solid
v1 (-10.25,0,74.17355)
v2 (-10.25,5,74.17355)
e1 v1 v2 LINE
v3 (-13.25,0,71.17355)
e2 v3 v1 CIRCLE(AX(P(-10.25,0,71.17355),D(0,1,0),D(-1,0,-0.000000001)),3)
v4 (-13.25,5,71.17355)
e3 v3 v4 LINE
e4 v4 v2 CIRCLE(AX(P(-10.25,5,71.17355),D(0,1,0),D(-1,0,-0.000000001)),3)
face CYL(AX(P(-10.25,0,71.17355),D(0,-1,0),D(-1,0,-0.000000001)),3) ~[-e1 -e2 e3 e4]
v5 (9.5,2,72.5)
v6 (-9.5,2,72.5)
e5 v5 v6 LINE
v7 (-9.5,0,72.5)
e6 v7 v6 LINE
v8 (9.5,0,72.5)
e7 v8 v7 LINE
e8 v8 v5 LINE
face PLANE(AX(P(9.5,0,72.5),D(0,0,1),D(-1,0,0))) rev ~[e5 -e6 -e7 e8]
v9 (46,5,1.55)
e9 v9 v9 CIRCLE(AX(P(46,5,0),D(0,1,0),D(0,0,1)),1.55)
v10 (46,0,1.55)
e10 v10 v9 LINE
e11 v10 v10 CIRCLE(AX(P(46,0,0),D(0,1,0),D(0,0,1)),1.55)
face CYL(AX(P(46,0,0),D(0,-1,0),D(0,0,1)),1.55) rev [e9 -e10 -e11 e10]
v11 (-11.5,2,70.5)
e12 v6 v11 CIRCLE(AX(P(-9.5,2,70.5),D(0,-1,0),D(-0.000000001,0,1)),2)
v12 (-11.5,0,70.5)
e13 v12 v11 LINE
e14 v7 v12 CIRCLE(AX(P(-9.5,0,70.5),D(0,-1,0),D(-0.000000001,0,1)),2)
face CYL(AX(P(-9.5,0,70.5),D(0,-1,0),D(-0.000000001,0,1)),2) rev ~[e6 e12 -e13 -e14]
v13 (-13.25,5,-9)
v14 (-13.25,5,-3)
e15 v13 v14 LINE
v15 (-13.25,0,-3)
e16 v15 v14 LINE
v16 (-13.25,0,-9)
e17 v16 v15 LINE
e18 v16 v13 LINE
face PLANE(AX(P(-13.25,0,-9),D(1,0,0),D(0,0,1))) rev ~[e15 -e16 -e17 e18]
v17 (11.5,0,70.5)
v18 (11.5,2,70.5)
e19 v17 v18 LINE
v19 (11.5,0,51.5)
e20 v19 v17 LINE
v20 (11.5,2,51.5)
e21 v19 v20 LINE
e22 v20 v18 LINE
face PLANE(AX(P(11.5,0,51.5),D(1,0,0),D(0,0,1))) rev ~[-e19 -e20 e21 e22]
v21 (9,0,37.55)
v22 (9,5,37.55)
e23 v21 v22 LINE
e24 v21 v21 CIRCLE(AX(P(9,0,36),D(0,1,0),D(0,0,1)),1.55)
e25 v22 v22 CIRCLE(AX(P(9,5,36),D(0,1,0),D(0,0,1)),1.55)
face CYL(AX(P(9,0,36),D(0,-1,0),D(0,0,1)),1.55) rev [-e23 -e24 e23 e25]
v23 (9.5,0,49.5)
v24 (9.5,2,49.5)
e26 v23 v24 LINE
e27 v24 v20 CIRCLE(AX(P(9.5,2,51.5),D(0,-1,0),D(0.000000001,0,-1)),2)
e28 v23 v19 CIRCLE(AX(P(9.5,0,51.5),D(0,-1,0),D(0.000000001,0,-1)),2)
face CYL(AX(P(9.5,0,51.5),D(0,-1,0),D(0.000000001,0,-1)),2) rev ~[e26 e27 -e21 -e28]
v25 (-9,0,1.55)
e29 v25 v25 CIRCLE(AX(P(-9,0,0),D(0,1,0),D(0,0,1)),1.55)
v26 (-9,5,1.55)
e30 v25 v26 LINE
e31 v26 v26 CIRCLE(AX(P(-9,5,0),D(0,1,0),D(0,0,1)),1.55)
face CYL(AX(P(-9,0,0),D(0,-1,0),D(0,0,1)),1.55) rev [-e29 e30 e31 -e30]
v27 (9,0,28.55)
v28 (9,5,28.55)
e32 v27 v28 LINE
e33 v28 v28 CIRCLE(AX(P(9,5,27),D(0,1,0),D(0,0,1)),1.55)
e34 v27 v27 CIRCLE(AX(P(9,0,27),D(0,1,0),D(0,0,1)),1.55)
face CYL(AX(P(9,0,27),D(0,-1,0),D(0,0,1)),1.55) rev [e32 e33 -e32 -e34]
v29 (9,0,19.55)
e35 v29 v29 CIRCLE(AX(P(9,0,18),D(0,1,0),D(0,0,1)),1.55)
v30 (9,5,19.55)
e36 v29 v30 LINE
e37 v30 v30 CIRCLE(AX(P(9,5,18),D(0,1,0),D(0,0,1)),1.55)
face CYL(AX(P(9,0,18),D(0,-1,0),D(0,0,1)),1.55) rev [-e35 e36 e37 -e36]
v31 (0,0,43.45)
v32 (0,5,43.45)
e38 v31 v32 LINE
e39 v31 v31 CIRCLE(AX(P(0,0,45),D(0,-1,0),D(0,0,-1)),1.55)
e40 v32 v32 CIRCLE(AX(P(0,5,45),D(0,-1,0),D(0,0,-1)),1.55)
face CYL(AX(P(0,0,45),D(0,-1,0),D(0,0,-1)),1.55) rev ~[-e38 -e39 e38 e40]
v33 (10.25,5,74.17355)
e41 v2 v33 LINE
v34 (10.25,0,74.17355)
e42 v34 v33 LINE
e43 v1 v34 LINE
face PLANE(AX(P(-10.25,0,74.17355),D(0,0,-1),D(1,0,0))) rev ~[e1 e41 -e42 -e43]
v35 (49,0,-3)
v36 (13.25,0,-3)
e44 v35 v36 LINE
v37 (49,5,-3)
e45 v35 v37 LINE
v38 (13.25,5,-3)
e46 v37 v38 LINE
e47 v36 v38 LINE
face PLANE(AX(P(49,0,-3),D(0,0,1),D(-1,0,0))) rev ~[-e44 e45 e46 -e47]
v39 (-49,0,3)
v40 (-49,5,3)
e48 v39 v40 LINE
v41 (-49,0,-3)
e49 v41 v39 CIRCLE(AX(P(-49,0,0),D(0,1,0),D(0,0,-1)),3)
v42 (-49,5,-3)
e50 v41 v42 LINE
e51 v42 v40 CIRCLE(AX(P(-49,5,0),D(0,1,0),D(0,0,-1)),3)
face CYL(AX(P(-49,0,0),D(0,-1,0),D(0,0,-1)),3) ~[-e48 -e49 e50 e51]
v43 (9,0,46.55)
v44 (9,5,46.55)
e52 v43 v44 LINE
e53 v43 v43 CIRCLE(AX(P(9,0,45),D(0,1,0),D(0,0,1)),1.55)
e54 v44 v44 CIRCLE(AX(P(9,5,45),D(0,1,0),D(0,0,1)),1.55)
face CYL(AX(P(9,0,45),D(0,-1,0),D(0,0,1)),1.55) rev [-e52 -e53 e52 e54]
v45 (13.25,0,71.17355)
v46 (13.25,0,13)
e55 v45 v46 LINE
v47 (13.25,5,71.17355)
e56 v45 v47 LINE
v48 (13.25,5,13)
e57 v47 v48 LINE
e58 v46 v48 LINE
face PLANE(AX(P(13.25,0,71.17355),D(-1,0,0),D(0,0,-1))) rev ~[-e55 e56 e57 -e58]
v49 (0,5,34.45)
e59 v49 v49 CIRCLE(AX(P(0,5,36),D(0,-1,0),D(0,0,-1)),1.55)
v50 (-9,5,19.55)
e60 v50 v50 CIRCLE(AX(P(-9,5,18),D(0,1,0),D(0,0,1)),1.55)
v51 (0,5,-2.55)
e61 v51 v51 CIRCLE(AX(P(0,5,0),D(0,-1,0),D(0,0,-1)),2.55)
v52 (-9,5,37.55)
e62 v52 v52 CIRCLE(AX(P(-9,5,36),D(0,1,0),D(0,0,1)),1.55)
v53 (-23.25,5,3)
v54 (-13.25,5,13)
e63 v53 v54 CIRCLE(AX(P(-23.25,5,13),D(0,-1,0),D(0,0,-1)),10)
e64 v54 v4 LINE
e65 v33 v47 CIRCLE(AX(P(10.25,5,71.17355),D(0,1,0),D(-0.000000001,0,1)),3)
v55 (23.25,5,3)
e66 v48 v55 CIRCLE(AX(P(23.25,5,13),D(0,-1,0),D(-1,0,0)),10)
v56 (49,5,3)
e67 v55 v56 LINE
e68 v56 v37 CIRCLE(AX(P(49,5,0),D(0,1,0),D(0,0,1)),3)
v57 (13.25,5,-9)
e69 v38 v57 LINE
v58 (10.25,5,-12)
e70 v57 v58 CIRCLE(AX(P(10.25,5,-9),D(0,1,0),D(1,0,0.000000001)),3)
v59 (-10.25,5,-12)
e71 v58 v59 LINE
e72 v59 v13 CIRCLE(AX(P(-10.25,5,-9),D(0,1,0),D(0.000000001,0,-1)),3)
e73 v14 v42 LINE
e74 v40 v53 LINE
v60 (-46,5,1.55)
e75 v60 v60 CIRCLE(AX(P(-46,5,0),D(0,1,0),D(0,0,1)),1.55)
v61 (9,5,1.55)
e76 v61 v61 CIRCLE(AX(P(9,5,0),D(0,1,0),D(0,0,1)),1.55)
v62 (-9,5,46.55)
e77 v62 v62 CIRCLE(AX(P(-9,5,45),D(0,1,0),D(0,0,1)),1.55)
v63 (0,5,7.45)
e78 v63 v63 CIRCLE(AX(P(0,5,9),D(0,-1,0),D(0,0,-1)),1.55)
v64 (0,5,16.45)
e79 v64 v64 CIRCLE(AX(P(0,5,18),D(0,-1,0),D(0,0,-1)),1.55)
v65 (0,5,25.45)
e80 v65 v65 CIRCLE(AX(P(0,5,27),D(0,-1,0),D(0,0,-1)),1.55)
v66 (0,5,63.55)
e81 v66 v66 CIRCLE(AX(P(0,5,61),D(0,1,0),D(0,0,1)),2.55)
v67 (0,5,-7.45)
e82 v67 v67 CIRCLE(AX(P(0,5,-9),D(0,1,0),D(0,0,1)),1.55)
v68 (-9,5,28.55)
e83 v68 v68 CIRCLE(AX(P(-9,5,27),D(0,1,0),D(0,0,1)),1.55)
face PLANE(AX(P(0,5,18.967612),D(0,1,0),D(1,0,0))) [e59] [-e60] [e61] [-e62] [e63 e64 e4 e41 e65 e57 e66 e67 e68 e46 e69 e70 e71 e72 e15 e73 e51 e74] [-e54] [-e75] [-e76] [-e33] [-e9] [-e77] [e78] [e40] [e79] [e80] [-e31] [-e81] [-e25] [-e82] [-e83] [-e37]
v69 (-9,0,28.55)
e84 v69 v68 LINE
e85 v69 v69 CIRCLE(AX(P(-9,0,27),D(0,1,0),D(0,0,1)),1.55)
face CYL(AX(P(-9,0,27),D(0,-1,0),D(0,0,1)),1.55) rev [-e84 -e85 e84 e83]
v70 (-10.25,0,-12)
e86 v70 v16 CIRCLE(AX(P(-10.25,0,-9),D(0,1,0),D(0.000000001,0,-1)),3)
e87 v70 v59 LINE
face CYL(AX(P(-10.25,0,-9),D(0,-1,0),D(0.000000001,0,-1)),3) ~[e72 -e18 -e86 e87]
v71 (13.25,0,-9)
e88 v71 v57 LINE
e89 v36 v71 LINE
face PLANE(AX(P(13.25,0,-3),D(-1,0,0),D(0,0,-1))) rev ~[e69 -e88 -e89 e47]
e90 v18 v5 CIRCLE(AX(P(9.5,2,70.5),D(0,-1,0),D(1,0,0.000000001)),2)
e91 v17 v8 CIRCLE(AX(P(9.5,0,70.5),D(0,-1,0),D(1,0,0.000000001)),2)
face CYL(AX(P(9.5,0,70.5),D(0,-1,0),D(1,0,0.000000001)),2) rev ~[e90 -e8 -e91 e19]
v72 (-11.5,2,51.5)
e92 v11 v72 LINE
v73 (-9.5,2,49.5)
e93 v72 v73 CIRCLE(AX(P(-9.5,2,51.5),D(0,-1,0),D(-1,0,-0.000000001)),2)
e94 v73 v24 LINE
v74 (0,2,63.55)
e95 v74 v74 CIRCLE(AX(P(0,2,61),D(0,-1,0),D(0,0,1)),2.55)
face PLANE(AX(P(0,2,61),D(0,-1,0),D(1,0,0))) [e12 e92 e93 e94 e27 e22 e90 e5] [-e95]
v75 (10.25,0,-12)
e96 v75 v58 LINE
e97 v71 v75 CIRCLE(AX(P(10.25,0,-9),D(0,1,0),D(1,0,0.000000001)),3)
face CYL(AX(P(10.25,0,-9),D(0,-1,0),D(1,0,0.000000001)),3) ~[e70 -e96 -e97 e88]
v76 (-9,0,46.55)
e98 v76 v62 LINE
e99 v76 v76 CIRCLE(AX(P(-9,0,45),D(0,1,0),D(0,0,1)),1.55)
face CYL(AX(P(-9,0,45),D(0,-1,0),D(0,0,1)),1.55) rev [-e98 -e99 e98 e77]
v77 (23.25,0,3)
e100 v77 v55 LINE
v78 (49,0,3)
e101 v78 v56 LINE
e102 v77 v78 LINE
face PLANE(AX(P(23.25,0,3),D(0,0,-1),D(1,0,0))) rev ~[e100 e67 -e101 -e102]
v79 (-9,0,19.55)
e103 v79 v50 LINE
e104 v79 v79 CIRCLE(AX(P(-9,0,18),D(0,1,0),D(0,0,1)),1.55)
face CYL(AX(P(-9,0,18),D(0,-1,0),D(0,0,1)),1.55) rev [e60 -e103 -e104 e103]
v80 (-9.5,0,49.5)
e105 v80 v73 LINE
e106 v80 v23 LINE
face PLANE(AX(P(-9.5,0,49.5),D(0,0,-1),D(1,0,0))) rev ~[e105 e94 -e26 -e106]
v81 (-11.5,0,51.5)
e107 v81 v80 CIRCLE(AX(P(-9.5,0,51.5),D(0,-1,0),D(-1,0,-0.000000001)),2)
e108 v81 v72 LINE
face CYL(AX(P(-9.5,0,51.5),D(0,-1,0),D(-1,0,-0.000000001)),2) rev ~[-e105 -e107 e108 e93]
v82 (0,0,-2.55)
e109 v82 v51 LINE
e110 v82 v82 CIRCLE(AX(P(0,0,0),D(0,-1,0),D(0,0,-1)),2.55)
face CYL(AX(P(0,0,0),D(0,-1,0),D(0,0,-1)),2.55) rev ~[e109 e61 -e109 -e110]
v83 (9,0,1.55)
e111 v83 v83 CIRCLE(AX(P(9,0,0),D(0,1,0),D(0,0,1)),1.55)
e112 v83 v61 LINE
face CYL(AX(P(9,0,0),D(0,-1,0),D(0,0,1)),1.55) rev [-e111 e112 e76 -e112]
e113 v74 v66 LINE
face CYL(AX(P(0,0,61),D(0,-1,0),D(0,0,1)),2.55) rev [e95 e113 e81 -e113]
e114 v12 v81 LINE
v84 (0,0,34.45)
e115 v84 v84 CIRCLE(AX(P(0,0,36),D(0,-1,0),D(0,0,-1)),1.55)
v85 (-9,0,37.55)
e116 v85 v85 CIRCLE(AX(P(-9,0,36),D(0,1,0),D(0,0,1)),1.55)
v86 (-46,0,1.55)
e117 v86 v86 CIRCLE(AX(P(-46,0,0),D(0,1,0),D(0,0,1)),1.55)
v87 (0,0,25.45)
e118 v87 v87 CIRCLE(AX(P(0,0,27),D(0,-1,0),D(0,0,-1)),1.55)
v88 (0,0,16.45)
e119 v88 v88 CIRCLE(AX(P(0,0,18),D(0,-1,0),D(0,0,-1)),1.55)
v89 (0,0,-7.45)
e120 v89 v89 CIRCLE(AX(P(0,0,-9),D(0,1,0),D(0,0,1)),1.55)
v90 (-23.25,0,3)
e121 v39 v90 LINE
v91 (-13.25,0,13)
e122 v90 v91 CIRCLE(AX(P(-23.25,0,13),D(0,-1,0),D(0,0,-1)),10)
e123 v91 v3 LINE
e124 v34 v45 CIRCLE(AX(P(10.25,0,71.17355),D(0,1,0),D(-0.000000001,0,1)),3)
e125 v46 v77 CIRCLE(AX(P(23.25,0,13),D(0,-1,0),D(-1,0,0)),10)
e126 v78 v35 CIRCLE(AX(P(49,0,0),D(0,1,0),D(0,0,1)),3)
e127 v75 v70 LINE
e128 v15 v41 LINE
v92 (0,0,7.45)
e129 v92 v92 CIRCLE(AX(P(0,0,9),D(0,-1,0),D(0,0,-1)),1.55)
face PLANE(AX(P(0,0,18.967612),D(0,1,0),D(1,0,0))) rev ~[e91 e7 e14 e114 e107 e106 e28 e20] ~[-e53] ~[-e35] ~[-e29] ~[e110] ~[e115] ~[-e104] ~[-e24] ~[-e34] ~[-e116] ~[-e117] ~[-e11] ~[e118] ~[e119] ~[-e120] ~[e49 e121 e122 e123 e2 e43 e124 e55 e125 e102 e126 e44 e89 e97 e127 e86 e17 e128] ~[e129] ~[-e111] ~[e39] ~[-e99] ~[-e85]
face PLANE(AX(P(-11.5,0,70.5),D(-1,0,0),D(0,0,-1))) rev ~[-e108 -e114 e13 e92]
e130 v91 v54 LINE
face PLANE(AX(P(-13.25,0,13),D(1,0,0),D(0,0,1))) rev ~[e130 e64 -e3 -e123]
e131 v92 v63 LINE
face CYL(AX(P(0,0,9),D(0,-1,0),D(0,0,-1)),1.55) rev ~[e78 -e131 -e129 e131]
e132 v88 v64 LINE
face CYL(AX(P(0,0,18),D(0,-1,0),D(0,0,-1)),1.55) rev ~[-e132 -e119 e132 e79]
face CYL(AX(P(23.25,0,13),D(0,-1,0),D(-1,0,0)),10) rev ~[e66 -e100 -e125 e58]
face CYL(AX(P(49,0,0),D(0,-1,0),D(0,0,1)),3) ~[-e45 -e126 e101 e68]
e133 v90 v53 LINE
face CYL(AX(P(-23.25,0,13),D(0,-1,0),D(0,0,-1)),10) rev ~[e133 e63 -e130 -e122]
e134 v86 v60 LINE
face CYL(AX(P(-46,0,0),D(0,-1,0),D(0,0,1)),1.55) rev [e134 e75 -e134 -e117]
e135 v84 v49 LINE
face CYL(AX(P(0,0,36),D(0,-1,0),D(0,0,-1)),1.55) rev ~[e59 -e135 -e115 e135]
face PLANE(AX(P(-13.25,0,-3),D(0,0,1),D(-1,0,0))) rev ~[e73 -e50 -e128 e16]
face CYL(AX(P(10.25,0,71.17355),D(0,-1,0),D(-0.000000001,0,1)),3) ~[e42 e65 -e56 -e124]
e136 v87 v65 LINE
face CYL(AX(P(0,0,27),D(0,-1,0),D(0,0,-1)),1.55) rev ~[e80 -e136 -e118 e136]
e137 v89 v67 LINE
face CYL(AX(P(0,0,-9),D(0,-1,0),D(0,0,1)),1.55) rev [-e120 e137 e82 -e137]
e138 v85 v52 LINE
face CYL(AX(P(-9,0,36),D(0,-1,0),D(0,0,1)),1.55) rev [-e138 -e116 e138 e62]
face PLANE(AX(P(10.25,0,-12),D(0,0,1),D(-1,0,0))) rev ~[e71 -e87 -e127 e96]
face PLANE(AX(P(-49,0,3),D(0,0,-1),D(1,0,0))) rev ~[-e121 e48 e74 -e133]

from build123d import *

# Parameters (mm, degrees)
SKETCH1_R           = 1.55
SKETCH1_R_2         = 2.55
BOSS_EXTRUDE1_DEPTH = 5
CUT_EXTRUDE1_DEPTH  = 2


with BuildPart() as part:
    # Sketch1 → Boss-Extrude1 (new body)
    with BuildSketch(Plane(origin=(0, 0, 0), x_dir=(1, 0, 0), z_dir=(0, 1, 0))):
        with BuildLine():
            Line((-13.25, 3), (-49, 3))
            ThreePointArc((-49, 3), (-52, 0), (-49, -3))
            Line((-49, -3), (-23.25, -3))
            ThreePointArc((-23.25, -3), (-16.178932188, -5.928932188), (-13.25, -13))
            Line((-13.25, -13), (-13.25, -71.173549983))
            ThreePointArc((-13.25, -71.173549983), (-12.371320344, -73.294870327), (-10.25, -74.173549983))
            Line((-10.25, -74.173549983), (10.25, -74.173549983))
            ThreePointArc((10.25, -74.173549983), (12.371320344, -73.294870327), (13.25, -71.173549983))
            Line((13.25, -71.173549983), (13.25, -13))
            ThreePointArc((13.25, -13), (16.178932188, -5.928932188), (23.25, -3))
            Line((23.25, -3), (49, -3))
            ThreePointArc((49, -3), (52, 0), (49, 3))
            Line((49, 3), (13.25, 3))
            Line((13.25, 3), (13.25, 9))
            ThreePointArc((13.25, 9), (12.371320344, 11.121320344), (10.25, 12))
            Line((10.25, 12), (-10.25, 12))
            ThreePointArc((-10.25, 12), (-12.371320344, 11.121320344), (-13.25, 9))
            Line((-13.25, 9), (-13.25, 3))
        make_face()
        with Locations(Location((-9, -45, 0), (0, 0, 270))):
            Circle(SKETCH1_R, mode=Mode.SUBTRACT)
        with Locations(Location((-9, -36, 0), (0, 0, 270))):
            Circle(SKETCH1_R, mode=Mode.SUBTRACT)
        with BuildLine():
            ThreePointArc((0, -46.55), (-1.55, -45), (0, -43.45))
            ThreePointArc((0, -43.45), (1.55, -45), (0, -46.55))
        make_face(mode=Mode.SUBTRACT)
        with Locations(Location((9, -45, 0), (0, 0, 270))):
            Circle(SKETCH1_R, mode=Mode.SUBTRACT)
        with BuildLine():
            ThreePointArc((0, -37.55), (-1.55, -36), (0, -34.45))
            ThreePointArc((0, -34.45), (1.55, -36), (0, -37.55))
        make_face(mode=Mode.SUBTRACT)
        with Locations(Location((9, -36, 0), (0, 0, 270))):
            Circle(SKETCH1_R, mode=Mode.SUBTRACT)
        with Locations(Location((-9, -27, 0), (0, 0, 270))):
            Circle(SKETCH1_R, mode=Mode.SUBTRACT)
        with Locations(Location((-9, -18, 0), (0, 0, 270))):
            Circle(SKETCH1_R, mode=Mode.SUBTRACT)
        with Locations(Location((-46, 0, 0), (0, 0, 270))):
            Circle(SKETCH1_R, mode=Mode.SUBTRACT)
        with BuildLine():
            ThreePointArc((0, -10.55), (-1.55, -9), (0, -7.45))
            ThreePointArc((0, -7.45), (1.55, -9), (0, -10.55))
        make_face(mode=Mode.SUBTRACT)
        with Locations(Location((-9, 0, 0), (0, 0, 270))):
            Circle(SKETCH1_R, mode=Mode.SUBTRACT)
        with BuildLine():
            ThreePointArc((0, -28.55), (-1.55, -27), (0, -25.45))
            ThreePointArc((0, -25.45), (1.55, -27), (0, -28.55))
        make_face(mode=Mode.SUBTRACT)
        with Locations(Location((9, -27, 0), (0, 0, 270))):
            Circle(SKETCH1_R, mode=Mode.SUBTRACT)
        with BuildLine():
            ThreePointArc((0, -19.55), (-1.55, -18), (0, -16.45))
            ThreePointArc((0, -16.45), (1.55, -18), (0, -19.55))
        make_face(mode=Mode.SUBTRACT)
        with Locations(Location((9, -18, 0), (0, 0, 270))):
            Circle(SKETCH1_R, mode=Mode.SUBTRACT)
        with BuildLine():
            ThreePointArc((0, -2.55), (-2.55, 0), (0, 2.55))
            ThreePointArc((0, 2.55), (2.55, 0), (0, -2.55))
        make_face(mode=Mode.SUBTRACT)
        with Locations(Location((9, 0, 0), (0, 0, 270))):
            Circle(SKETCH1_R, mode=Mode.SUBTRACT)
        with Locations(Location((0, 9, 0), (0, 0, 270))):
            Circle(SKETCH1_R, mode=Mode.SUBTRACT)
        with Locations(Location((46, 0, 0), (0, 0, 270))):
            Circle(SKETCH1_R, mode=Mode.SUBTRACT)
        with Locations(Location((0, -61, 0), (0, 0, 270))):
            Circle(SKETCH1_R_2, mode=Mode.SUBTRACT)
    extrude(amount=BOSS_EXTRUDE1_DEPTH)

    # Sketch2 → Cut-Extrude1 (cut)
    with BuildSketch(Plane.XZ):
        with BuildLine():
            Line((-11.5, 70.5), (-11.5, 51.5))
            ThreePointArc((-11.5, 51.5), (-10.914213562, 50.085786438), (-9.5, 49.5))
            Line((-9.5, 49.5), (9.5, 49.5))
            ThreePointArc((9.5, 49.5), (10.914213562, 50.085786438), (11.5, 51.5))
            Line((11.5, 51.5), (11.5, 70.5))
            ThreePointArc((11.5, 70.5), (10.914213562, 71.914213562), (9.5, 72.5))
            Line((9.5, 72.5), (-9.5, 72.5))
            ThreePointArc((-9.5, 72.5), (-10.914213562, 71.914213562), (-11.5, 70.5))
        make_face()
    extrude(amount=-CUT_EXTRUDE1_DEPTH, mode=Mode.SUBTRACT)


solid = part.part
